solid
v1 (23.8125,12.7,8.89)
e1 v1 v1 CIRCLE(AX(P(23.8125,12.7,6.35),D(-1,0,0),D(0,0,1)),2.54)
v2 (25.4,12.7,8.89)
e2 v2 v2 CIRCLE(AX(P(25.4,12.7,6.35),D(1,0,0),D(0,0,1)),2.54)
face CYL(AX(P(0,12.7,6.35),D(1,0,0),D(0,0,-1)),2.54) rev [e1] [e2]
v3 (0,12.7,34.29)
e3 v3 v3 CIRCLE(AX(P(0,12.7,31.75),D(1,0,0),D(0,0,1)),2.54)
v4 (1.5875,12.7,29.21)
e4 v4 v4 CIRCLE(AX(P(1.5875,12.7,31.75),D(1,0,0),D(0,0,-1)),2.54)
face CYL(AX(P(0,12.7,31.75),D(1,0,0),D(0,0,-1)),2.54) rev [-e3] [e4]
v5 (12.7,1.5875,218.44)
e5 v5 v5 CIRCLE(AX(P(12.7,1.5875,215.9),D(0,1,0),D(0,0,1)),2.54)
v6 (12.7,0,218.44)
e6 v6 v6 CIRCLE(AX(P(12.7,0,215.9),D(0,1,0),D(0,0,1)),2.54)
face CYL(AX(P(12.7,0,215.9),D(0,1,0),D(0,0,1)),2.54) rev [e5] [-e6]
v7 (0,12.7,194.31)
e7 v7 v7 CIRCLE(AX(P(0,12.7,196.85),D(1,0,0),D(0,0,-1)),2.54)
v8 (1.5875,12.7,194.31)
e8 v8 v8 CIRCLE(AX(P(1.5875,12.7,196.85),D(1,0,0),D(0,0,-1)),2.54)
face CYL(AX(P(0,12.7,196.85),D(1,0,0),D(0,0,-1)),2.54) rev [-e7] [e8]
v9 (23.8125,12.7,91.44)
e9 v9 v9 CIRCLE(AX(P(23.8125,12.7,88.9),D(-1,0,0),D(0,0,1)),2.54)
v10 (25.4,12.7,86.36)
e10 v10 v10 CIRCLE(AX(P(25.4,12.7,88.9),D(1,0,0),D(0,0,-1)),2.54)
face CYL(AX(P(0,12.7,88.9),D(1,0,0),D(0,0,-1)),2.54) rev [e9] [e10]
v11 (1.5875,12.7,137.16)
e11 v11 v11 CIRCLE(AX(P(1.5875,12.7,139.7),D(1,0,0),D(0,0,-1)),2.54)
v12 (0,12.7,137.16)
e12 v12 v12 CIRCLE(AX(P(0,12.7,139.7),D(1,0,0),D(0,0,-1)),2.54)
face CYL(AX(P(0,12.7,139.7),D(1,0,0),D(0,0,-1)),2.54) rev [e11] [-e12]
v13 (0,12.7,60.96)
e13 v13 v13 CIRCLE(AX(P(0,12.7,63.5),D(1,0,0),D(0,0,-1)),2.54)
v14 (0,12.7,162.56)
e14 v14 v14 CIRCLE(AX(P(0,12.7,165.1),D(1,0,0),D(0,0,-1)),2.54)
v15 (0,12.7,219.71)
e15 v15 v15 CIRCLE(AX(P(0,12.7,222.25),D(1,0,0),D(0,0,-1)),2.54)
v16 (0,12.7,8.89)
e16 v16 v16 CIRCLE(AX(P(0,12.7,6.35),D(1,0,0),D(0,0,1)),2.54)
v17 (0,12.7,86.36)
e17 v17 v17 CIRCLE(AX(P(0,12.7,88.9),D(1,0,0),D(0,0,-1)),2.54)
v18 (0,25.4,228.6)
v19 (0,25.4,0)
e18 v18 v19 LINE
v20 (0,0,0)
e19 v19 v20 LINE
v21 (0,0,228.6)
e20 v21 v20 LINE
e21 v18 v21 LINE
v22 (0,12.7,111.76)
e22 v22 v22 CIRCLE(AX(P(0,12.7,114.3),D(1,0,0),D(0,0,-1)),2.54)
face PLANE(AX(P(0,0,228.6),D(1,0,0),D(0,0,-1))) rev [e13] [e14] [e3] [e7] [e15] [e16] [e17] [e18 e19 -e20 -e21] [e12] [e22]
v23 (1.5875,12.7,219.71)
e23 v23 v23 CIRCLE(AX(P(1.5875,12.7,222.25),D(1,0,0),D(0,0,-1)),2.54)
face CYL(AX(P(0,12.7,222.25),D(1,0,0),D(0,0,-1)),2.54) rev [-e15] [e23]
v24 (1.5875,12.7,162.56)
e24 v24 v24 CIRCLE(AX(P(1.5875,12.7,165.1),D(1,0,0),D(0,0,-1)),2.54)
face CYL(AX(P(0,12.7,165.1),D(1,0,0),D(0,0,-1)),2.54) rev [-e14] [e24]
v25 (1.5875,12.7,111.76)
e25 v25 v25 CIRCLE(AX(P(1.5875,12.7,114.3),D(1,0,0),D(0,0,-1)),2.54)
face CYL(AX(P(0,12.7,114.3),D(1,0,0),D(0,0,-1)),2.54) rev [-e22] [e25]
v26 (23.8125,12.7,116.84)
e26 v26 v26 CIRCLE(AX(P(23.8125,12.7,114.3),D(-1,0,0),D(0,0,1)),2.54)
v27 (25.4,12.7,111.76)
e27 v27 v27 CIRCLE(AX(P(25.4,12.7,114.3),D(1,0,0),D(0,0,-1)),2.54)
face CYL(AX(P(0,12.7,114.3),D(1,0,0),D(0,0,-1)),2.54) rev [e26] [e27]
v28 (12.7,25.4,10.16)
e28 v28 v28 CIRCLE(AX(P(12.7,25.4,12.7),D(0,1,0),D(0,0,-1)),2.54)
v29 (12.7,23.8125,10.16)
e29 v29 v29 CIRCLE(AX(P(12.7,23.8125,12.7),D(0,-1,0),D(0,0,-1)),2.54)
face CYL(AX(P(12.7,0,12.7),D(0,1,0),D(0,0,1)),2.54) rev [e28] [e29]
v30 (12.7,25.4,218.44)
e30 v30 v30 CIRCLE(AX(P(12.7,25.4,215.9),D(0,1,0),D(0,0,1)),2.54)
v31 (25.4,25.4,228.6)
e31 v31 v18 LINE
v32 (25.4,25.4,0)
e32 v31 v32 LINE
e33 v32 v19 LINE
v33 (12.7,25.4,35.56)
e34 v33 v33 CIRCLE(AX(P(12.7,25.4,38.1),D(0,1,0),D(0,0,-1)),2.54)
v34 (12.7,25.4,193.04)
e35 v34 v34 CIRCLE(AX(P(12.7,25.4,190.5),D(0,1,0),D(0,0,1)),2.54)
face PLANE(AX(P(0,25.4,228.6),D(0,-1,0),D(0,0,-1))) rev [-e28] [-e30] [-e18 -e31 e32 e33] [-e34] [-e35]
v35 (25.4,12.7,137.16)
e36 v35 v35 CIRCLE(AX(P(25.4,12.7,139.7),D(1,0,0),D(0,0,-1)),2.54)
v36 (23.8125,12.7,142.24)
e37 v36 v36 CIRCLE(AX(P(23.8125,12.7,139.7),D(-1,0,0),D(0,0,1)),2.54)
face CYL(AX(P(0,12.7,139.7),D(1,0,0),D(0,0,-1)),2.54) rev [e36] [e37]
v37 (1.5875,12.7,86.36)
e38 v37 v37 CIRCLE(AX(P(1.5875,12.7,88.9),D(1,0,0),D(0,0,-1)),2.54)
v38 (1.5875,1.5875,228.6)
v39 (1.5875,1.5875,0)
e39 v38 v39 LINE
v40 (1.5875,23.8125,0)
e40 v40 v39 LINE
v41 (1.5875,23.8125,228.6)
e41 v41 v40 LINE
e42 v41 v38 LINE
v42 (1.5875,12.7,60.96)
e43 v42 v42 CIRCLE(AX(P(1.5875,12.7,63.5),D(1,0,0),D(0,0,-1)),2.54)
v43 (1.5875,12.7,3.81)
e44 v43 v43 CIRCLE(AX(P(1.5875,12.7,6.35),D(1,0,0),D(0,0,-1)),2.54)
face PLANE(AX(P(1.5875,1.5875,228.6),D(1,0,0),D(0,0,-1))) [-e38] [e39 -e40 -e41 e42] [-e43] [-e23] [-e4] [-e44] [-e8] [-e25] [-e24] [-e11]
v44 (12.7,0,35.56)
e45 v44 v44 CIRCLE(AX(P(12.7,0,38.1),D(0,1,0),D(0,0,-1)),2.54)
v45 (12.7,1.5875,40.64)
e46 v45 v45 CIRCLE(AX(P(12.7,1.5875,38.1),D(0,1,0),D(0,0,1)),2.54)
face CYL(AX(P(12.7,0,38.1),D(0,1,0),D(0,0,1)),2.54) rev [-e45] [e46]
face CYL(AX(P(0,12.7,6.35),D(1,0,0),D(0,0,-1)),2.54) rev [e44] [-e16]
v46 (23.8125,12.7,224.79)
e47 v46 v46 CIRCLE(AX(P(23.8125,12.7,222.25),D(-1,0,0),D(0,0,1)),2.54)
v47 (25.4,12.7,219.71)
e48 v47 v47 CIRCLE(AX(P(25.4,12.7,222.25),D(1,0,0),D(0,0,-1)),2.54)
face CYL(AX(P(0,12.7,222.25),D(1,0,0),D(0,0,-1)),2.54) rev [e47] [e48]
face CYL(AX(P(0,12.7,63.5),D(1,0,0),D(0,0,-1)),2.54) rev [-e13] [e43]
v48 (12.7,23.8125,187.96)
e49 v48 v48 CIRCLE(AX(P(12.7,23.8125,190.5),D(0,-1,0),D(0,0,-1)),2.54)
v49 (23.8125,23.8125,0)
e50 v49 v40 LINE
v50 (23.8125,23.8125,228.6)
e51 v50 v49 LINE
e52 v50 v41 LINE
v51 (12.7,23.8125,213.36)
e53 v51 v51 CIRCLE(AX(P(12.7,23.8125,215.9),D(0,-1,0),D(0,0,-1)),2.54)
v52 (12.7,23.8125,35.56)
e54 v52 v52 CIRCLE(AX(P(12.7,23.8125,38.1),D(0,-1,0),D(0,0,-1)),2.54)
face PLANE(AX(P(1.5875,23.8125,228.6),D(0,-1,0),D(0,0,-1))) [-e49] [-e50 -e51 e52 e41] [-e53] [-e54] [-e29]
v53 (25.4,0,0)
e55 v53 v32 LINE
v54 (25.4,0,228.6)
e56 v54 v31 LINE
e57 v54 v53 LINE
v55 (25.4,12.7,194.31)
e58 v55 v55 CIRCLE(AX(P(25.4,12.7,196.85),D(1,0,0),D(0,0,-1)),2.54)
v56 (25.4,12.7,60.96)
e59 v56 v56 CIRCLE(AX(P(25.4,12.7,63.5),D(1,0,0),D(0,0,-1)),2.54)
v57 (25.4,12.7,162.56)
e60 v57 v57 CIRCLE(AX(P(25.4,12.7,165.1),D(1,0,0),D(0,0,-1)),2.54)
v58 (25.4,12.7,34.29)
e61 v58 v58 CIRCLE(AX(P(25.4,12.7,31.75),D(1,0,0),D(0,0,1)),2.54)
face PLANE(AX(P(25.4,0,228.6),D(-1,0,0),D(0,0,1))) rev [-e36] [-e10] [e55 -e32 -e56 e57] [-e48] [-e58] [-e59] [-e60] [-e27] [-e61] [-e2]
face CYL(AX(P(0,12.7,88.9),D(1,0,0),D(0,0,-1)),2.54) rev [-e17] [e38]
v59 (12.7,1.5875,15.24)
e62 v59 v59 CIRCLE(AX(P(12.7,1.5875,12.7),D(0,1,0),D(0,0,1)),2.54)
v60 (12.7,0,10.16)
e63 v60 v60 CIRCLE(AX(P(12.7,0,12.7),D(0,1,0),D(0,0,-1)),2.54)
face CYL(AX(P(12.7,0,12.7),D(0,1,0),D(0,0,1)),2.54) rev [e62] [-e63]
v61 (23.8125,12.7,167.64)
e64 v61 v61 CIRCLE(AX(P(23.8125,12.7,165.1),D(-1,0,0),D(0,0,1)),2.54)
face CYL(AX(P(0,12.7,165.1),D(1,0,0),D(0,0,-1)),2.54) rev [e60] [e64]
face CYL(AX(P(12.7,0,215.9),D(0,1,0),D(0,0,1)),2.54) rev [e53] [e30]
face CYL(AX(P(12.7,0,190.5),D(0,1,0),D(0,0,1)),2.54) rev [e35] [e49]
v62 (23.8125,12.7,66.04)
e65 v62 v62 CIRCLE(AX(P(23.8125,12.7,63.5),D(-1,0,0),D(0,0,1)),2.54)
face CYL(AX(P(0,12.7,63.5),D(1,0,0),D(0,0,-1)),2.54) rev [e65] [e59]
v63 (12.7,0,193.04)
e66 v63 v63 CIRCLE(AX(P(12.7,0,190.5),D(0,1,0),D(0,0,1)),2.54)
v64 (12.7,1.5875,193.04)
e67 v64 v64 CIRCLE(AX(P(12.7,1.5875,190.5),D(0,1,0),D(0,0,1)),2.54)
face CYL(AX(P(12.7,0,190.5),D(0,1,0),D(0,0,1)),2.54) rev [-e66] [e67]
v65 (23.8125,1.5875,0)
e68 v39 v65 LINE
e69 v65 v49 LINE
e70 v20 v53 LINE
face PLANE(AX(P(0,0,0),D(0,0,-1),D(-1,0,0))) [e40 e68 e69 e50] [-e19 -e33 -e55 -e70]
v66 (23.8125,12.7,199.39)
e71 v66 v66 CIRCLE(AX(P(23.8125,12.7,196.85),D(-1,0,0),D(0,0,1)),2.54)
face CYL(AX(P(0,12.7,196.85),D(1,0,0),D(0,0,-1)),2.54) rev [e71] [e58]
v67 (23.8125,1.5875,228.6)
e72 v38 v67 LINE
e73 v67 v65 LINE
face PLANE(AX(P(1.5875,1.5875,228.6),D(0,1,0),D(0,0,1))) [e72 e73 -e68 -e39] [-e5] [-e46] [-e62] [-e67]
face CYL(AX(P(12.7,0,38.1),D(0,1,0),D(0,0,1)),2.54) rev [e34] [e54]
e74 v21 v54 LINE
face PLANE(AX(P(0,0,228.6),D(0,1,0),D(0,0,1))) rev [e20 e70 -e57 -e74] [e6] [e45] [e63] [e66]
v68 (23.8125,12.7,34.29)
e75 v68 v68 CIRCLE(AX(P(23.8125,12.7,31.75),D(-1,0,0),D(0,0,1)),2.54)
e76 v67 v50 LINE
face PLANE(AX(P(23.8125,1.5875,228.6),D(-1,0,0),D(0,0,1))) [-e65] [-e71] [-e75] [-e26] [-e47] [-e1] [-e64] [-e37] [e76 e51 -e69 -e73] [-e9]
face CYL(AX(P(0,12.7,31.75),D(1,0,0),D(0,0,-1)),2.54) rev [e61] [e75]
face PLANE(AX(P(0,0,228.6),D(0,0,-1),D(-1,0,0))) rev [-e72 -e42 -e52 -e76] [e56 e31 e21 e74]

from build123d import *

# Parameters (mm, degrees)
SKETCH1_W           = 25.4
SKETCH1_H           = 25.4
SKETCH1_W_2         = 22.225
SKETCH1_H_2         = 22.225
BOSS_EXTRUDE1_DEPTH = 228.6
SKETCH3_R           = 2.54
CUT_EXTRUDE2_DEPTH  = 232.40501291
SKETCH4_R           = 2.54
CUT_EXTRUDE3_DEPTH  = 232.40501291


with BuildPart() as part:
    # Sketch1 → Boss-Extrude1 (new body)
    with BuildSketch(Plane.XY):
        with Locations((12.7, 12.7)):
            Rectangle(SKETCH1_W, SKETCH1_H)
        with Locations((12.7, 12.7)):
            Rectangle(SKETCH1_W_2, SKETCH1_H_2, mode=Mode.SUBTRACT)
    extrude(amount=BOSS_EXTRUDE1_DEPTH)

    # Sketch3 → Cut-Extrude2 (cut, through all)
    with BuildSketch(Plane(origin=(0, 25.4, 0), x_dir=(1, 0, 0), z_dir=(0, 1, 0))):
        with Locations(Location((12.7, -215.9, 0), (0, 0, 270))):
            Circle(SKETCH3_R)
        with Locations(Location((12.7, -190.5, 0), (0, 0, 270))):
            Circle(SKETCH3_R)
        with Locations(Location((12.7, -12.7, 0), (0, 0, 90))):
            Circle(SKETCH3_R)
        with Locations(Location((12.7, -38.1, 0), (0, 0, 90))):
            Circle(SKETCH3_R)
    extrude(amount=-CUT_EXTRUDE2_DEPTH, mode=Mode.SUBTRACT)

    # Sketch4 → Cut-Extrude3 (cut, through all)
    with BuildSketch(Plane(origin=(25.4, 0, 0), x_dir=(0, 0, -1), z_dir=(1, 0, 0))):
        with Locations((-222.25, 12.7)):
            Circle(SKETCH4_R)
        with Locations((-196.85, 12.7)):
            Circle(SKETCH4_R)
        with Locations(Location((-31.75, 12.7, 0), (0, 0, 180))):
            Circle(SKETCH4_R)
        with Locations(Location((-6.35, 12.7, 0), (0, 0, 180))):
            Circle(SKETCH4_R)
        with Locations((-114.3, 12.7)):
            Circle(SKETCH4_R)
        with Locations((-88.9, 12.7)):
            Circle(SKETCH4_R)
        with Locations((-63.5, 12.7)):
            Circle(SKETCH4_R)
        with Locations((-139.7, 12.7)):
            Circle(SKETCH4_R)
        with Locations((-165.1, 12.7)):
            Circle(SKETCH4_R)
    extrude(amount=-CUT_EXTRUDE3_DEPTH, mode=Mode.SUBTRACT)


solid = part.part
